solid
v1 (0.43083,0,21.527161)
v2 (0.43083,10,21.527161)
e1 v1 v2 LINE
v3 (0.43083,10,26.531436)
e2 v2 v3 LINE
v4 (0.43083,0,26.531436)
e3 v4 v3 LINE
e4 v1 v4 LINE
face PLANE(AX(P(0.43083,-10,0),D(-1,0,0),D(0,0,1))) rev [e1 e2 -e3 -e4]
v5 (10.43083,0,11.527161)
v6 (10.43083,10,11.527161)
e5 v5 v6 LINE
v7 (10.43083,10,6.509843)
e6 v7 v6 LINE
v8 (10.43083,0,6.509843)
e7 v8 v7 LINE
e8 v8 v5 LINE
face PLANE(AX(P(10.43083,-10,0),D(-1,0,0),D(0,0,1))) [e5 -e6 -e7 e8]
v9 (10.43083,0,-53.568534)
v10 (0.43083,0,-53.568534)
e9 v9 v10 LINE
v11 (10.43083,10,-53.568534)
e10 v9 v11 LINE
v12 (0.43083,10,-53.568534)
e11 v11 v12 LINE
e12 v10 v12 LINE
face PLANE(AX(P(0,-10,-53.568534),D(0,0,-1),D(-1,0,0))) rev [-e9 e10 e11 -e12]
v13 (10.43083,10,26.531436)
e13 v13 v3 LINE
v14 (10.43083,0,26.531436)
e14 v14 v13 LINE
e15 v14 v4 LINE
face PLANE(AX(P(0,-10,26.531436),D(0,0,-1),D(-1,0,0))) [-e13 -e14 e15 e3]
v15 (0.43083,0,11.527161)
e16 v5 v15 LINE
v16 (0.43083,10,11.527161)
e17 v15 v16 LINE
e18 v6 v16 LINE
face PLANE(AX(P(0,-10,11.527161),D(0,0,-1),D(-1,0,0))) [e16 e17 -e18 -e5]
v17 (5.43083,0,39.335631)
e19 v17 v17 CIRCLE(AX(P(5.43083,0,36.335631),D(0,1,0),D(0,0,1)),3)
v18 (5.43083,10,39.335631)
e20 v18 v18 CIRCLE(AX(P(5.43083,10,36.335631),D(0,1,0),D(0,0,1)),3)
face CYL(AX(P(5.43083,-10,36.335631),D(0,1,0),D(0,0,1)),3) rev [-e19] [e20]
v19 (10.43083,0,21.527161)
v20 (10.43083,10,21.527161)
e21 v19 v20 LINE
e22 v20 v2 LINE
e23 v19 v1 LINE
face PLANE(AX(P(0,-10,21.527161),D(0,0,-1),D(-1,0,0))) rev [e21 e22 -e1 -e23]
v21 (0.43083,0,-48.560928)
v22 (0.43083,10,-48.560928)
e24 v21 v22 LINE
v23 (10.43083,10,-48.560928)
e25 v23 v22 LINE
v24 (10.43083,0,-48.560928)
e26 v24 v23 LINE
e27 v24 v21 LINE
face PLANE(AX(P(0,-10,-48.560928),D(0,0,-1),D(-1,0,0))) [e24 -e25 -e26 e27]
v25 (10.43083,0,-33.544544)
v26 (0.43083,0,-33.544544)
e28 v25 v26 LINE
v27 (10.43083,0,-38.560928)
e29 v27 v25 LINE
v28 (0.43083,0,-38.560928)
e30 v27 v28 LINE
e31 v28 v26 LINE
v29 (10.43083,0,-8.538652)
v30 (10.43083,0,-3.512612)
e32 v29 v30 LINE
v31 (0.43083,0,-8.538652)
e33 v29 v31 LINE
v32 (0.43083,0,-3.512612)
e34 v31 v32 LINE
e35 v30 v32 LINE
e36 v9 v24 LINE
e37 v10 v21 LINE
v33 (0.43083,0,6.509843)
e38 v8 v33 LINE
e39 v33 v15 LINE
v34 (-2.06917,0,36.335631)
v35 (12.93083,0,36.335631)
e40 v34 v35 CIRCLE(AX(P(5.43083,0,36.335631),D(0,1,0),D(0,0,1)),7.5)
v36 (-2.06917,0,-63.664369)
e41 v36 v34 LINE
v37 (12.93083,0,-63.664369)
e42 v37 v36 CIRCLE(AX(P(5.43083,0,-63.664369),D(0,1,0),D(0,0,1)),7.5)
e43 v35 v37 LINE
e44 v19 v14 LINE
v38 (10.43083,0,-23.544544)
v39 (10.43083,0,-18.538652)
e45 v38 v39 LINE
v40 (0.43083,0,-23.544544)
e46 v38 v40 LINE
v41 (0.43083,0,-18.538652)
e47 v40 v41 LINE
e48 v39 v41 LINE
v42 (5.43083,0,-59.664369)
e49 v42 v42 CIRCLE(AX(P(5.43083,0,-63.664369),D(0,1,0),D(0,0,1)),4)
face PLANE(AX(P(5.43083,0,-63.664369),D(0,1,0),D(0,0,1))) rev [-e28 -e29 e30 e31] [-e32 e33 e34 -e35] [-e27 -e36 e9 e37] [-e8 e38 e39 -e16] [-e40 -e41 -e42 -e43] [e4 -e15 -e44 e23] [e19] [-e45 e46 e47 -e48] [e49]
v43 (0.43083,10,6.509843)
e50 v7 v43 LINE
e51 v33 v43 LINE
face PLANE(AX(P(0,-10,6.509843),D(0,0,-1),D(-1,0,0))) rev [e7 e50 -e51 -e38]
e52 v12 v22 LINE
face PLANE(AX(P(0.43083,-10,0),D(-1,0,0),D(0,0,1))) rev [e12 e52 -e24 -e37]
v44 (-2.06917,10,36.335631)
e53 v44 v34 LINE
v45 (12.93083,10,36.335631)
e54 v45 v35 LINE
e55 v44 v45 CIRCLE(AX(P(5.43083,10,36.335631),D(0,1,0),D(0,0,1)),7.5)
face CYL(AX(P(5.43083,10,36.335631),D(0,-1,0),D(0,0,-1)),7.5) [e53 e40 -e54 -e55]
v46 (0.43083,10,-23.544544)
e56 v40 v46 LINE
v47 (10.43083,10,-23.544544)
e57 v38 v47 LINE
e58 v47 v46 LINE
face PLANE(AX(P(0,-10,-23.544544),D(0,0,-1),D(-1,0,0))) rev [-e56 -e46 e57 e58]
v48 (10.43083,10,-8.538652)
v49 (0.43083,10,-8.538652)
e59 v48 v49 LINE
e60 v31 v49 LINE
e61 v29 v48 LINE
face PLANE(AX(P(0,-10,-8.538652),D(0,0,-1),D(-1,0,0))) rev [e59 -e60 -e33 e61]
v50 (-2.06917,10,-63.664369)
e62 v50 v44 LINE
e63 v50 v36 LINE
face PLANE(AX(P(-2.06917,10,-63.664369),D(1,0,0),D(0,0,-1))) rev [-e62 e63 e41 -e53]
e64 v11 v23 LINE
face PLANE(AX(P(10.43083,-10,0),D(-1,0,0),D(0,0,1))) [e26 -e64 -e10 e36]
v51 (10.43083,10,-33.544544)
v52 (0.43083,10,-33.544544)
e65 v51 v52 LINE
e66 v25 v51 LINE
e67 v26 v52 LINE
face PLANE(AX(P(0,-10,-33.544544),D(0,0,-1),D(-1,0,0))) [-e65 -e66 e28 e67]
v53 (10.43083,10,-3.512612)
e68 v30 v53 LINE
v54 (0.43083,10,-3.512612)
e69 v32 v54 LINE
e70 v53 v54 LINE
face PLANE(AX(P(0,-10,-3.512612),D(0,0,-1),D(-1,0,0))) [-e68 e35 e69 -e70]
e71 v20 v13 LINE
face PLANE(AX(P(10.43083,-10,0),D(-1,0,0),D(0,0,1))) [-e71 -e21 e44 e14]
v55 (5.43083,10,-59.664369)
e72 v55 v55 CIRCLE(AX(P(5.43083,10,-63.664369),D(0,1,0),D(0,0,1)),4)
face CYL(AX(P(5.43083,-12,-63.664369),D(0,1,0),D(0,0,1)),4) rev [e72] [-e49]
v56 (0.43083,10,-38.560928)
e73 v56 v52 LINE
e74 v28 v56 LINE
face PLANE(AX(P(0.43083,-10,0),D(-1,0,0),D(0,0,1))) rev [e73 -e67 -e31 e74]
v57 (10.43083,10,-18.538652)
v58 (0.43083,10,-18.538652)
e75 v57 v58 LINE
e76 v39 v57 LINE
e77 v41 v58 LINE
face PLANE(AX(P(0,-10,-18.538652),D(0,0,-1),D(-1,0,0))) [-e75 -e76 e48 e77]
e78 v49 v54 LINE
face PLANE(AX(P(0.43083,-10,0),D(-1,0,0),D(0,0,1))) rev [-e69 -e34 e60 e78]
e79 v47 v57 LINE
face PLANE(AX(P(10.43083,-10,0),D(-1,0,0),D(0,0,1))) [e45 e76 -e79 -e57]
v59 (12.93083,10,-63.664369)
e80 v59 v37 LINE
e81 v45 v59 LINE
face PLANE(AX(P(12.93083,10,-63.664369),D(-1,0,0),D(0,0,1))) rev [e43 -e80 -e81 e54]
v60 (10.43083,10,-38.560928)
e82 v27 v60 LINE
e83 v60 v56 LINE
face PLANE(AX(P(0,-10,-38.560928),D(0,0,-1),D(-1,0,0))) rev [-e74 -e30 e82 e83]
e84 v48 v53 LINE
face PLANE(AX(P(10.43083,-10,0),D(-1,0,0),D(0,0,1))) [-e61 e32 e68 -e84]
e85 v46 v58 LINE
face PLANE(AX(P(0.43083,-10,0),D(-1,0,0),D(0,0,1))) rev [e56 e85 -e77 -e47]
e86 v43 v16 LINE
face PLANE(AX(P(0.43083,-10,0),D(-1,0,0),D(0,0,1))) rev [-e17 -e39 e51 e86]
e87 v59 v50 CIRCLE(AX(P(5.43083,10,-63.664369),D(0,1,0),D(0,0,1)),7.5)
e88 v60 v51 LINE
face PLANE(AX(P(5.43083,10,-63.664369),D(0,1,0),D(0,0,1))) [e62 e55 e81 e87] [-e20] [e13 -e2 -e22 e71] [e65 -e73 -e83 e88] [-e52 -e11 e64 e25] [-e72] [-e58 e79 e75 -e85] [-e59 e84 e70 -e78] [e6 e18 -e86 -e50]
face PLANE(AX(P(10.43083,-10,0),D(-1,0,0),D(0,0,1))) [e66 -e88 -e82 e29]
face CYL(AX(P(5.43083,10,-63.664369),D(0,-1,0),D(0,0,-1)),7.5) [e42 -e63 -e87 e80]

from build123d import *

# Parameters (mm, degrees)
BOSS_EXTRUDE1_DEPTH = 10
SKETCH8_R           = 4
CUT_EXTRUDE3_DEPTH  = 22
SKETCH14_R          = 3
CUT_EXTRUDE4_DEPTH  = 20


with BuildPart() as part:
    # Sketch1 → Boss-Extrude1 (new body)
    with BuildSketch(Plane(origin=(0, 0, 0), x_dir=(1, 0, 0), z_dir=(0, 1, 0))):
        with BuildLine():
            Line((12.93082957, 63.664368909), (12.93082957, -36.335631091))
            ThreePointArc((12.93082957, -36.335631091), (5.43082957, -43.835631091), (-2.06917043, -36.335631091))
            Line((-2.06917043, -36.335631091), (-2.06917043, 63.664368909))
            ThreePointArc((-2.06917043, 63.664368909), (5.43082957, 71.164368909), (12.93082957, 63.664368909))
        make_face()
    extrude(amount=BOSS_EXTRUDE1_DEPTH)

    # Sketch8 → Cut-Extrude3 (cut)
    with BuildSketch(Plane(origin=(0, 10, 0), x_dir=(1, 0, 0), z_dir=(0, 1, 0))):
        with Locations(Location((5.43082957, 63.664368909, 0), (0, 0, 270))):
            Circle(SKETCH8_R)
    extrude(amount=-CUT_EXTRUDE3_DEPTH, mode=Mode.SUBTRACT)

    # Sketch14 → Cut-Extrude4 (cut)
    with BuildSketch(Plane(origin=(0, 10, 0), x_dir=(1, 0, 0), z_dir=(0, 1, 0))):
        with Locations(Location((5.43082957, -36.335631091, 0), (0, 0, 270))):
            Circle(SKETCH14_R)
        Polygon((5.43082957, -21.527160564), (0.43082957, -21.527160564), (0.43082957, -26.531436495), (10.43082957, -26.531436495), (10.43082957, -21.527160564), align=None)
        Polygon((5.43082957, -6.509842668), (0.43082957, -6.509842668), (0.43082957, -11.527160564), (10.43082957, -11.527160564), (10.43082957, -6.509842668), align=None)
        Polygon((5.43082957, 8.538652281), (0.43082957, 8.538652281), (0.43082957, 3.51261249), (10.43082957, 3.51261249), (10.43082957, 8.538652281), align=None)
        Polygon((5.43082957, 23.544543967), (0.43082957, 23.544543967), (0.43082957, 18.538652281), (10.43082957, 18.538652281), (10.43082957, 23.544543967), align=None)
        Polygon((5.43082957, 38.56092778), (0.43082957, 38.56092778), (0.43082957, 33.544543967), (10.43082957, 33.544543967), (10.43082957, 38.56092778), align=None)
        Polygon((5.43082957, 53.568533881), (0.43082957, 53.568533881), (0.43082957, 48.56092778), (10.43082957, 48.56092778), (10.43082957, 53.568533881), align=None)
    extrude(amount=-CUT_EXTRUDE4_DEPTH, mode=Mode.SUBTRACT)


solid = part.part
